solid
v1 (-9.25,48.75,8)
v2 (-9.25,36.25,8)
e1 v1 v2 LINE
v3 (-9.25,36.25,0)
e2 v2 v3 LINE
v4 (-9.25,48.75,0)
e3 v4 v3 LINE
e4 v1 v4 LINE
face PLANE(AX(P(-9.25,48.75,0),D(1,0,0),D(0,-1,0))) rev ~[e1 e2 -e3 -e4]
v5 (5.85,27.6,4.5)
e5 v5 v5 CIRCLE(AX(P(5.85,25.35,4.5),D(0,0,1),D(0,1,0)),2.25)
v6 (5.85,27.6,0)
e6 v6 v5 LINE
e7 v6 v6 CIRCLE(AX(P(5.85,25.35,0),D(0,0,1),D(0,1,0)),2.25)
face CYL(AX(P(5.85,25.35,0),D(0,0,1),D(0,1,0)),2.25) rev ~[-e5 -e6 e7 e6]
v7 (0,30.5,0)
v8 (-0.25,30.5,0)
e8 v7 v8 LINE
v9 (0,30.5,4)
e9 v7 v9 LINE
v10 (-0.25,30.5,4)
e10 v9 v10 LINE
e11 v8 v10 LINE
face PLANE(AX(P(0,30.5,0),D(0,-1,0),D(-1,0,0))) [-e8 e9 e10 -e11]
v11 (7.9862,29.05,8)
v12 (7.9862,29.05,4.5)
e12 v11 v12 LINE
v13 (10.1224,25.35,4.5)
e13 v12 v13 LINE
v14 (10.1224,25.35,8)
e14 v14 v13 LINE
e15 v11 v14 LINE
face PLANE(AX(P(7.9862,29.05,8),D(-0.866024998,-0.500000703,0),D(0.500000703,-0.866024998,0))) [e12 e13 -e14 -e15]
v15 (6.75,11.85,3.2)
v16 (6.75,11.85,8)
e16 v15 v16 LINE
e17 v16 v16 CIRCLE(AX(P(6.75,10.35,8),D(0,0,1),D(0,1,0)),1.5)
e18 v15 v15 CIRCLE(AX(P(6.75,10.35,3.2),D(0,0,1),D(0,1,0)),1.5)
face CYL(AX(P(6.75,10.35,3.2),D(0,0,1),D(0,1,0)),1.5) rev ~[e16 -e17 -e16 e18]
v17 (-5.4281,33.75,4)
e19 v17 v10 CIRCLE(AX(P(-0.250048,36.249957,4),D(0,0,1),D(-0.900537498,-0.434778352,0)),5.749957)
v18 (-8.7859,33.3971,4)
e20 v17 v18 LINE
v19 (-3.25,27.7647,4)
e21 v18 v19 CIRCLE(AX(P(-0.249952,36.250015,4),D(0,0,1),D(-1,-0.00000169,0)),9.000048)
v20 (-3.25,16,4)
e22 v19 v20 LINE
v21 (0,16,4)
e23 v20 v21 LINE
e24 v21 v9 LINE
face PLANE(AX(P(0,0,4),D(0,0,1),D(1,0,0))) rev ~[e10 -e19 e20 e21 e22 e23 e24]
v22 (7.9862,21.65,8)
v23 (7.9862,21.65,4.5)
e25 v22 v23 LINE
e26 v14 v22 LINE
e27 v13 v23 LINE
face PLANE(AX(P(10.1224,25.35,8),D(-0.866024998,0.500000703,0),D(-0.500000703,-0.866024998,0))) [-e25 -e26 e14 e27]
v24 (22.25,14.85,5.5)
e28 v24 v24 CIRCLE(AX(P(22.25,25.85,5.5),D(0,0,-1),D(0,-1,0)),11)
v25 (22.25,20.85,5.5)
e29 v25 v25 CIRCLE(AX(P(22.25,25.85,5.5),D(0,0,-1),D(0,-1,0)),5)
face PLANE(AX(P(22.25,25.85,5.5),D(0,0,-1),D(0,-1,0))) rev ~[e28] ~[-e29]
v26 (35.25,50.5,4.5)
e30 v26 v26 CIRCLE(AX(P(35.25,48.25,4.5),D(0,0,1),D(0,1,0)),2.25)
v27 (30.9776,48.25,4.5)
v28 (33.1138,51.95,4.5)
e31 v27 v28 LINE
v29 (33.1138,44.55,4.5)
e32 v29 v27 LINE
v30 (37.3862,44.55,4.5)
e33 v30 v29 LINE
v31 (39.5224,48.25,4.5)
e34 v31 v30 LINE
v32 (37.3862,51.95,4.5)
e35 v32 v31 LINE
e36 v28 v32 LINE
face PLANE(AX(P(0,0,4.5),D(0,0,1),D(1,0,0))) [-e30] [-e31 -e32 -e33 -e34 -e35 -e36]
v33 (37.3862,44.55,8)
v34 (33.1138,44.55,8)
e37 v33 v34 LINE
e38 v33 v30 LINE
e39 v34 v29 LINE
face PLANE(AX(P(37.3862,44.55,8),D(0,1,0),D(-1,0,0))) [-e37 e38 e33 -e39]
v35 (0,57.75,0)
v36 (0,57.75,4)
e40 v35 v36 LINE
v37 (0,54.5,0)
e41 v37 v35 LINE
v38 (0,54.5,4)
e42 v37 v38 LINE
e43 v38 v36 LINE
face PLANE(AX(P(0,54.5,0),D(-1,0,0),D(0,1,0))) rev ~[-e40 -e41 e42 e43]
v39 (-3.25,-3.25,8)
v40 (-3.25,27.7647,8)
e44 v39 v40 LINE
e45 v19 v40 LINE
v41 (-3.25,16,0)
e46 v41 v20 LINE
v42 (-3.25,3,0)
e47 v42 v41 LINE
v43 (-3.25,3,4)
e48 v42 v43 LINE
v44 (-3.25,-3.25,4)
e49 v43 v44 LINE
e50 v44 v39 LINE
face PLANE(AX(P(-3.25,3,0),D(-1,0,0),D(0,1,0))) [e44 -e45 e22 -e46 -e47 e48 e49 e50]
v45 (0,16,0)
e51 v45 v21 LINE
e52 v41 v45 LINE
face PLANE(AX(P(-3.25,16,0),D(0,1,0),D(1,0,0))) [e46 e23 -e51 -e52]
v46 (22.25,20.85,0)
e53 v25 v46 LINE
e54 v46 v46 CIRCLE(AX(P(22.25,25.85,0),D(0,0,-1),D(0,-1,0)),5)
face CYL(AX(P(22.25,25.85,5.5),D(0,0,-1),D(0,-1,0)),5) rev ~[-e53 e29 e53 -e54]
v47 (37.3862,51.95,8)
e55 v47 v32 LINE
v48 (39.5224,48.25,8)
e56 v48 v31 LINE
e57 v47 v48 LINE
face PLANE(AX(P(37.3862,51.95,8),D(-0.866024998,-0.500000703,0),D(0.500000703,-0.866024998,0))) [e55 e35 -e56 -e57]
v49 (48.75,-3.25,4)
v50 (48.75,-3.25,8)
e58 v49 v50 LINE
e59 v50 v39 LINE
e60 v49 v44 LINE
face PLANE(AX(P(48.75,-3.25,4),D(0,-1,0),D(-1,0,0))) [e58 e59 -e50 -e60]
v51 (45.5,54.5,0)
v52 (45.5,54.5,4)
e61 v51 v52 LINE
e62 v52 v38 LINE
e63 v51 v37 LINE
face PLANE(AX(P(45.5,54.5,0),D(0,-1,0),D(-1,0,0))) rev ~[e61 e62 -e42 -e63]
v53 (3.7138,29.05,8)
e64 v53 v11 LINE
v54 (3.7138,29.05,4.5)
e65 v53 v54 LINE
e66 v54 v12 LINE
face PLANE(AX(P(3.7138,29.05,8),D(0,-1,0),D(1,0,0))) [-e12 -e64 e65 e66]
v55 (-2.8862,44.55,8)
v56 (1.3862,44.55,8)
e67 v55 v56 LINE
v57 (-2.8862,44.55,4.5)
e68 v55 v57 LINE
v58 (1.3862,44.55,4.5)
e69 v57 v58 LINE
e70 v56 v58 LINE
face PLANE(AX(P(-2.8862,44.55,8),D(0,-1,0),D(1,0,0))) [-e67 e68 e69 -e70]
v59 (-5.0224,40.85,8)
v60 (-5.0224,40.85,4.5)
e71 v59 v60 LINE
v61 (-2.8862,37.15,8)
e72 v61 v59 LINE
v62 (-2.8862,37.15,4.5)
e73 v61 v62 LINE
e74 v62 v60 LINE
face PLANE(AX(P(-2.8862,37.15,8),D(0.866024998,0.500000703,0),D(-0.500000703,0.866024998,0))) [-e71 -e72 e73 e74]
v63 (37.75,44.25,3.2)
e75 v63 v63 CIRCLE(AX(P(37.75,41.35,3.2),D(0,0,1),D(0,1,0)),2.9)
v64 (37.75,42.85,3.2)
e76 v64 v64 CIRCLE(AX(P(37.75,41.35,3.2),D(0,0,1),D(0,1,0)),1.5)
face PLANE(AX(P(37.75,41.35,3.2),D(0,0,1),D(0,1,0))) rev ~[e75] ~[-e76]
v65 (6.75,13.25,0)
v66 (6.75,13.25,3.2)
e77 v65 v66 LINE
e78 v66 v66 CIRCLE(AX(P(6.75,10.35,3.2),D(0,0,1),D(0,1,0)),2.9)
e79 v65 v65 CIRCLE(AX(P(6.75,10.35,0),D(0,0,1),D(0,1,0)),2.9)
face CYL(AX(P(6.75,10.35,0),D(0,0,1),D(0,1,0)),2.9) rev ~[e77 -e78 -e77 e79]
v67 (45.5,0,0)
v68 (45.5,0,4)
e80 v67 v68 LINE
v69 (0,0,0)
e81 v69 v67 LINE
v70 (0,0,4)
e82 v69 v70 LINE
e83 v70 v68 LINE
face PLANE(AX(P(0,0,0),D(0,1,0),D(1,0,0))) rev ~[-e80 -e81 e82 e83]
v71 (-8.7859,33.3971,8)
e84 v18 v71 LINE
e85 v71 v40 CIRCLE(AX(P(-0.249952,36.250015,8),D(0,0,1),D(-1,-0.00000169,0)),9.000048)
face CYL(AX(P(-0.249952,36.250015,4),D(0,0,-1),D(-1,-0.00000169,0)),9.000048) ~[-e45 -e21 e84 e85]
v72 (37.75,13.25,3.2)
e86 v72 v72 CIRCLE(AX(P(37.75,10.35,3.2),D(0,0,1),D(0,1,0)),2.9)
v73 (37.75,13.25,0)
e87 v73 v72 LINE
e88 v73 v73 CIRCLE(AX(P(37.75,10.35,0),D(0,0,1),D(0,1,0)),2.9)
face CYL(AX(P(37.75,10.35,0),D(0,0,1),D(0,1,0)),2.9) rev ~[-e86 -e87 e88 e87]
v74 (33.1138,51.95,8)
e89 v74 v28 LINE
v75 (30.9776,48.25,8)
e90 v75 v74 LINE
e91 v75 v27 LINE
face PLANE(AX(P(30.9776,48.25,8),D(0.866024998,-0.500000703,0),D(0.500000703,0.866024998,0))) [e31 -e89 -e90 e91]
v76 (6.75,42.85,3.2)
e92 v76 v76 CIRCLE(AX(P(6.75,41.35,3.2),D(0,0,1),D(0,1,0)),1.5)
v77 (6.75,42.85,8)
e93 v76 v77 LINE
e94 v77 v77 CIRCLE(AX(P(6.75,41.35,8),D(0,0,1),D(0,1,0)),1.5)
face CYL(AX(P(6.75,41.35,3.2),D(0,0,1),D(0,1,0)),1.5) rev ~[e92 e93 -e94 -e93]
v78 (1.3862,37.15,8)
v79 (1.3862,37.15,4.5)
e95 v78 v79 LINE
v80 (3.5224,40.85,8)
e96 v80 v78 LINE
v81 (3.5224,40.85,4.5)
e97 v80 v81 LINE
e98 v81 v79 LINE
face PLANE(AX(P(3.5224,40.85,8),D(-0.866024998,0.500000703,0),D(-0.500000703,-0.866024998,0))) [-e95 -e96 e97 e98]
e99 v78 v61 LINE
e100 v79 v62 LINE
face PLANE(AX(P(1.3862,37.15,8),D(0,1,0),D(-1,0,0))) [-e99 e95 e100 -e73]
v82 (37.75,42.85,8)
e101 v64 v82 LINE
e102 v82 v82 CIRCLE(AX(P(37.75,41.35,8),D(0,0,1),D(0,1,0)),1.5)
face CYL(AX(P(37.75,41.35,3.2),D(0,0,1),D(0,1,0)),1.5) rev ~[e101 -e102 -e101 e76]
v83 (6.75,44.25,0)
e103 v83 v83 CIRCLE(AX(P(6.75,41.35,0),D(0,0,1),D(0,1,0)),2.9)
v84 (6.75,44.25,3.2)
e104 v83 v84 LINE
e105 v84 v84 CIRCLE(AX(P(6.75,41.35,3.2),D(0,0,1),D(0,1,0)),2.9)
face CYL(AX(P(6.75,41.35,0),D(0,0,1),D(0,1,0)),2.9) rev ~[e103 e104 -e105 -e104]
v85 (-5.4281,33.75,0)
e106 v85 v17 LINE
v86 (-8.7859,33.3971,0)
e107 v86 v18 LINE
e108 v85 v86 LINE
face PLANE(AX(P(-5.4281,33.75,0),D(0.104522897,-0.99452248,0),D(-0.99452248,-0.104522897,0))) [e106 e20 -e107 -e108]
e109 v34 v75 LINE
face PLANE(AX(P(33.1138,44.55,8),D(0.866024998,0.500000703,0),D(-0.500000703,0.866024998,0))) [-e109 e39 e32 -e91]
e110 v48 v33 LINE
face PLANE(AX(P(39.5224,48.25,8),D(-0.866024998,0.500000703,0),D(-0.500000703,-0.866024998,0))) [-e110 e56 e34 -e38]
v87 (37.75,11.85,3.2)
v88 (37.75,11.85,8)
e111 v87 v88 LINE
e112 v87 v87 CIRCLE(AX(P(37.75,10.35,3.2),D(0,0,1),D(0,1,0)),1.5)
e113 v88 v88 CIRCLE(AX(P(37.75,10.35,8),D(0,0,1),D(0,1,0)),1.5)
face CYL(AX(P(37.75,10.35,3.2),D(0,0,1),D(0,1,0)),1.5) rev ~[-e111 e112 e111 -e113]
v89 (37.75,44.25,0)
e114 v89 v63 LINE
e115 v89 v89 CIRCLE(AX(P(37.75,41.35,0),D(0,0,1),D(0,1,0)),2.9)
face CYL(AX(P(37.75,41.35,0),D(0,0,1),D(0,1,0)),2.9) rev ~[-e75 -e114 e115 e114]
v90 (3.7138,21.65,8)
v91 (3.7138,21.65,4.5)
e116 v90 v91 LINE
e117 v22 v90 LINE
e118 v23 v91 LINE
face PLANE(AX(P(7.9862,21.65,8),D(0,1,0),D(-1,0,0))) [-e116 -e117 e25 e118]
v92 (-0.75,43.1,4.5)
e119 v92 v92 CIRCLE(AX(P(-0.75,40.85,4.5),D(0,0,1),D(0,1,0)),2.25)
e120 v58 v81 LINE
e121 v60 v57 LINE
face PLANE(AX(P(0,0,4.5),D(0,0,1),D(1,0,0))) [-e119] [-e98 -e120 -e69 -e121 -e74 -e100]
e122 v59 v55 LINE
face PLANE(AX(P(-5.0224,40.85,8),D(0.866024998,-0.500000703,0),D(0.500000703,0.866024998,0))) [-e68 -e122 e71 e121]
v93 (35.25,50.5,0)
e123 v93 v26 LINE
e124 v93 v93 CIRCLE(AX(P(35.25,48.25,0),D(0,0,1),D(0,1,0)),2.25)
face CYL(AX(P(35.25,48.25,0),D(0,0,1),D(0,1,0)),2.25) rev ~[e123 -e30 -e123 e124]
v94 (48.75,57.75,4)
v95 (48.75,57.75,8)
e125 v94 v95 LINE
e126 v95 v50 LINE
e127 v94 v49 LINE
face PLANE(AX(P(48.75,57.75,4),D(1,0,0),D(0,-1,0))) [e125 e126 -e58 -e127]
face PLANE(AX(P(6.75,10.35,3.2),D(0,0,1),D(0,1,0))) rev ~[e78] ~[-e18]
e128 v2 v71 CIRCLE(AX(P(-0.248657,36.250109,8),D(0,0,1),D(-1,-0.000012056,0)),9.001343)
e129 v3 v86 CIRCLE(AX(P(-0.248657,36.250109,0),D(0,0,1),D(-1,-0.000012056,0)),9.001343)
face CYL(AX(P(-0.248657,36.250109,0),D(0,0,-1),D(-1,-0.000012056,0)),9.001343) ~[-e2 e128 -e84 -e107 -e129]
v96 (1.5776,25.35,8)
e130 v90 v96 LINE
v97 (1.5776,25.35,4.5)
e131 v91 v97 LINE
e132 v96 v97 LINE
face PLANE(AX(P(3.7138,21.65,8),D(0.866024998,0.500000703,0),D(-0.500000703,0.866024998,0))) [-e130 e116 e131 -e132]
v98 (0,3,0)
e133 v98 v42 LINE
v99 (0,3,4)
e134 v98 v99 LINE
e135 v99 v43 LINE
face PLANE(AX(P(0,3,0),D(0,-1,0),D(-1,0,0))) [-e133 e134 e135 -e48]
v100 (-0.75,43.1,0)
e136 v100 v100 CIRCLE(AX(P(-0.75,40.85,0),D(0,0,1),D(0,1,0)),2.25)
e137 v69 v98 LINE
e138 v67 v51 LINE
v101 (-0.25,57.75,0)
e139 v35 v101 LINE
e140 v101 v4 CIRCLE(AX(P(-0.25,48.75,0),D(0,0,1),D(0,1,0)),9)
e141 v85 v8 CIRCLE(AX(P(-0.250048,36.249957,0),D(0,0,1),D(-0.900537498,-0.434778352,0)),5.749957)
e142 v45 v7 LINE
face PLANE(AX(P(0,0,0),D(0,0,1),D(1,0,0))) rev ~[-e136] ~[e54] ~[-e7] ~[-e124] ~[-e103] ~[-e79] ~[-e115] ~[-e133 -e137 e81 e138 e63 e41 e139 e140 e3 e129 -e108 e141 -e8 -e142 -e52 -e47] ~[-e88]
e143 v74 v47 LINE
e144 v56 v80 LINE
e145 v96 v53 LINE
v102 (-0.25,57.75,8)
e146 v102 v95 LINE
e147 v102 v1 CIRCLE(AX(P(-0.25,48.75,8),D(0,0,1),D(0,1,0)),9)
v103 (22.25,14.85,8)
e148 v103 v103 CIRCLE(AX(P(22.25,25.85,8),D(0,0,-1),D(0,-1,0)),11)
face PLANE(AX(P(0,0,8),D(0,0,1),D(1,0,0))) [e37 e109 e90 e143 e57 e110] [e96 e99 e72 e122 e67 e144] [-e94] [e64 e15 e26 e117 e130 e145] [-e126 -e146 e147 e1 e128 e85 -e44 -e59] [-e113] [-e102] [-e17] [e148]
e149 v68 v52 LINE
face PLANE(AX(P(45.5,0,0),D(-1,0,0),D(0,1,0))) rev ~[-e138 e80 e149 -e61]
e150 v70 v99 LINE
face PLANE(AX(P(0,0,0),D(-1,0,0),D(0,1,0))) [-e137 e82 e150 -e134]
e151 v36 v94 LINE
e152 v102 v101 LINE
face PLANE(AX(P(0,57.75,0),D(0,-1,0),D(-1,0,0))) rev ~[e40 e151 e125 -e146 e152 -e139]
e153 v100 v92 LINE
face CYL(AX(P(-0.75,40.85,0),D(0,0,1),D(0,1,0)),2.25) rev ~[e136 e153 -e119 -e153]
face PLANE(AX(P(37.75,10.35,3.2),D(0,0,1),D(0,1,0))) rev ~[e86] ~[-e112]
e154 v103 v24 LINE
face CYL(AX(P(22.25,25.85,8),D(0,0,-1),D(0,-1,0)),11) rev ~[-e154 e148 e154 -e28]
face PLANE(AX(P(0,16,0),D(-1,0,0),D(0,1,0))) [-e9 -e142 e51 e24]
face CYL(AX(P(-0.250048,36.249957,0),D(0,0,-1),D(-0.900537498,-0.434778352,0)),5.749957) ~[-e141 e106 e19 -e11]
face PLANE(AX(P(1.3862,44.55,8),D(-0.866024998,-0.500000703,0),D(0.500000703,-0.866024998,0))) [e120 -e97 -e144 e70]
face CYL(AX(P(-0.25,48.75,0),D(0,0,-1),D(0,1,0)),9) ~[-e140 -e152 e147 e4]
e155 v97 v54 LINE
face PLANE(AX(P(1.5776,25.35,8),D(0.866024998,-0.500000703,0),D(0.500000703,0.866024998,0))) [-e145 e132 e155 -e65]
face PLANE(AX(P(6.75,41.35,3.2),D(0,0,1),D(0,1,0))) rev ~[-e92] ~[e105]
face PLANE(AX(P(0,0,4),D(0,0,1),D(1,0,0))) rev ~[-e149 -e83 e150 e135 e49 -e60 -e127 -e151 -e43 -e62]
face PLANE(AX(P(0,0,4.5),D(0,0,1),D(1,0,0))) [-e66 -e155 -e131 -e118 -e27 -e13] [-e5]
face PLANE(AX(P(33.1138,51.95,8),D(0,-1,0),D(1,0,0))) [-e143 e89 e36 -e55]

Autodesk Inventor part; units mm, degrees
ref_plane "YZ Plane" through (0, 0, 0) normal (1, 0, 0) x (0, 1, 0)
ref_plane "XZ Plane" through (0, 0, 0) normal (0, 1, 0) x (-1, 0, 0)
ref_plane "XY Plane" through (0, 0, 0) normal (0, 0, 1) x (1, 0, 0)
sketch "Sketch1" plane through (0, 0, 0) normal (0, 0, 1) x (1, 0, 0)
  line L0 (0, 0) -> (45.5, 0)
  line L1 (45.5, 0) -> (45.5, 54.5)
  line L2 (0, 30.5) -> (-0.25, 30.5)
  line L3 (45.5, 54.5) -> (0, 54.5)
  line L4 (-5.4281, 33.75) -> (-8.7859, 33.3971)
  arc A0 (-9.25, 36.25) -> (-8.7859, 33.3971) centre (-0.25, 36.25) ccw
  arc A1 (-0.25, 57.75) -> (-9.25, 48.75) centre (-0.25, 48.75) ccw
  line L5 (-9.25, 48.75) -> (-9.25, 36.25)
  line L6 (0, 0) -> (0, 3)
  line L7 (0, 3) -> (-3.25, 3)
  line L8 (-3.25, 3) -> (-3.25, 16)
  line L9 (-3.25, 16) -> (0, 16)
  line L10 (0, 16) -> (0, 30.5)
  arc A2 (-5.4281, 33.75) -> (-0.25, 30.5) centre (-0.25, 36.25) ccw
  line L11 (0, 54.5) -> (0, 57.75)
  line L12 (0, 57.75) -> (-0.25, 57.75)
  dimension "d0" = 45.5
  dimension "d1" = 54.5
  dimension "d9" = 84
  dimension "d10" = 13
  dimension "d11" = 3
  dimension "d12" = 3.25
  dimension "d13" = 14.5
  dimension "d18" = 9
  dimension "d19" = 54.75
  dimension "d24" = 12.5
  dimension "d27" = 5.75
  dimension "d30" = 3.25
  dimension "d31" = 45.5
  dimension "d68" = 0.25
  dimension "d69" = 3.25
extrude "Extrusion1" add sketch "Sketch1" along normal blind 4
sketch "Sketch2" plane through (0, 0, 4) normal (0, 0, 1) x (1, 0, 0)
  line L0 (0, 0) -> (45.5, 0) projected
  line L1 (0, 57.75) -> (-0.25, 57.75) projected
  arc A0 (-0.25, 57.75) -> (-9.25, 48.75) centre (-0.25, 48.75) ccw projected
  line L2 (-9.25, 48.75) -> (-9.25, 36.25) projected
  arc A1 (-9.25, 36.25) -> (-8.7859, 33.3971) centre (-0.25, 36.25) ccw projected
  arc A2 (-5.4281, 33.75) -> (-0.25, 30.5) centre (-0.25, 36.25) ccw projected
  line L3 (-3.25, 16) -> (-3.25, 3) projected
  arc A3 (-9.25, 36.25) -> (-3.25, 27.7647) centre (-0.25, 36.25) ccw
  line L4 (0, 57.75) -> (48.75, 57.75)
  line L5 (48.75, 57.75) -> (48.75, -3.25)
  line L6 (48.75, -3.25) -> (-3.25, -3.25)
  line L7 (-3.25, 27.7647) -> (-3.25, -3.25)
  dimension "d32" = 48.75
  dimension "d33" = 61
extrude "Extrusion2" add sketch "Sketch2" along normal blind 4
sketch "Sketch4" plane through (0, 0, 0) normal (0, 0, -1) x (-1, 0, 0)
  line L0 (-48.75, 57.75) -> (0, 57.75) projected
  line L1 (-48.75, -3.25) -> (-48.75, 57.75) projected
  point P0 (-37.75, 41.35)
  point P1 (-6.75, 41.35)
  point P2 (-37.75, 10.35)
  point P3 (-6.75, 10.35)
  dimension "d39" = 31
  dimension "d40" = 31
  dimension "d41" = 16.4
  dimension "d42" = 11
hole "Hole1" at (37.75, 41.35, 0) at (6.75, 41.35, 0) at (37.75, 10.35, 0) at (6.75, 10.35, 0) direction (0, 0, 1) diameter 3 end through all counterbore diameter 5.8 counterbore depth 3.2
sketch "Sketch5" plane through (0, 0, 8) normal (0, 0, 1) x (1, 0, 0)
  circle A0 centre (37.75, 10.35) radius 1.5 projected
  circle A1 centre (37.75, 41.35) radius 1.5 projected
  circle A2 centre (6.75, 41.35) radius 1.5 projected
  circle A3 centre (6.75, 10.35) radius 1.5 projected
  line L0 (6.75, 41.35) -> (37.75, 10.35) construction
  line L1 (37.75, 41.35) -> (6.75, 10.35) construction
  point P0 (0, 0)
  point P1 (22.25, 25.85)
hole "Hole2" at (22.25, 25.85, 8) direction (0, 0, -1) diameter 10 end through all counterbore diameter 22 counterbore depth 2.5
sketch "Sketch6" plane through (0, 0, 0) normal (0, 0, -1) x (-1, 0, 0)
  circle A0 centre (-6.75, 41.35) radius 2.9 projected
  circle A1 centre (-6.75, 10.35) radius 2.9 projected
  circle A2 centre (-35.25, 48.25) radius 2.25 projected
  circle A3 centre (0.75, 40.85) radius 2.25 projected
  circle A4 centre (-5.85, 25.35) radius 2.25 projected
hole "Hole3" at (35.25, 48.25, 0) at (-0.75, 40.85, 0) at (5.85, 25.35, 0) direction (0, 0, 1) diameter 4.5 end through all
sketch "Sketch7" plane through (0, 0, 8) normal (0, 0, 1) x (1, 0, 0)
  circle A0 centre (-0.75, 40.85) radius 2.25 projected
  circle A1 centre (35.25, 48.25) radius 2.25 projected
  circle A2 centre (5.85, 25.35) radius 2.25 projected
  line L0 (3.5224, 40.85) -> (1.3862, 37.15)
  line L1 (1.3862, 37.15) -> (-2.8862, 37.15)
  line L2 (-2.8862, 37.15) -> (-5.0224, 40.85)
  line L3 (-5.0224, 40.85) -> (-2.8862, 44.55)
  line L4 (-2.8862, 44.55) -> (1.3862, 44.55)
  line L5 (1.3862, 44.55) -> (3.5224, 40.85)
  line L6 (39.5224, 48.25) -> (37.3862, 44.55)
  line L7 (37.3862, 44.55) -> (33.1138, 44.55)
  line L8 (33.1138, 44.55) -> (30.9776, 48.25)
  line L9 (30.9776, 48.25) -> (33.1138, 51.95)
  line L10 (33.1138, 51.95) -> (37.3862, 51.95)
  line L11 (37.3862, 51.95) -> (39.5224, 48.25)
  line L12 (10.1224, 25.35) -> (7.9862, 21.65)
  line L13 (7.9862, 21.65) -> (3.7138, 21.65)
  line L14 (3.7138, 21.65) -> (1.5776, 25.35)
  line L15 (1.5776, 25.35) -> (3.7138, 29.05)
  line L16 (3.7138, 29.05) -> (7.9862, 29.05)
  line L17 (7.9862, 29.05) -> (10.1224, 25.35)
  point P0 (0, 0)
  dimension "d64" = 7.4
extrude "Extrusion3" cut sketch "Sketch7" against normal blind 3.5
properties part number "ExtruderSatoerMotorMount"
